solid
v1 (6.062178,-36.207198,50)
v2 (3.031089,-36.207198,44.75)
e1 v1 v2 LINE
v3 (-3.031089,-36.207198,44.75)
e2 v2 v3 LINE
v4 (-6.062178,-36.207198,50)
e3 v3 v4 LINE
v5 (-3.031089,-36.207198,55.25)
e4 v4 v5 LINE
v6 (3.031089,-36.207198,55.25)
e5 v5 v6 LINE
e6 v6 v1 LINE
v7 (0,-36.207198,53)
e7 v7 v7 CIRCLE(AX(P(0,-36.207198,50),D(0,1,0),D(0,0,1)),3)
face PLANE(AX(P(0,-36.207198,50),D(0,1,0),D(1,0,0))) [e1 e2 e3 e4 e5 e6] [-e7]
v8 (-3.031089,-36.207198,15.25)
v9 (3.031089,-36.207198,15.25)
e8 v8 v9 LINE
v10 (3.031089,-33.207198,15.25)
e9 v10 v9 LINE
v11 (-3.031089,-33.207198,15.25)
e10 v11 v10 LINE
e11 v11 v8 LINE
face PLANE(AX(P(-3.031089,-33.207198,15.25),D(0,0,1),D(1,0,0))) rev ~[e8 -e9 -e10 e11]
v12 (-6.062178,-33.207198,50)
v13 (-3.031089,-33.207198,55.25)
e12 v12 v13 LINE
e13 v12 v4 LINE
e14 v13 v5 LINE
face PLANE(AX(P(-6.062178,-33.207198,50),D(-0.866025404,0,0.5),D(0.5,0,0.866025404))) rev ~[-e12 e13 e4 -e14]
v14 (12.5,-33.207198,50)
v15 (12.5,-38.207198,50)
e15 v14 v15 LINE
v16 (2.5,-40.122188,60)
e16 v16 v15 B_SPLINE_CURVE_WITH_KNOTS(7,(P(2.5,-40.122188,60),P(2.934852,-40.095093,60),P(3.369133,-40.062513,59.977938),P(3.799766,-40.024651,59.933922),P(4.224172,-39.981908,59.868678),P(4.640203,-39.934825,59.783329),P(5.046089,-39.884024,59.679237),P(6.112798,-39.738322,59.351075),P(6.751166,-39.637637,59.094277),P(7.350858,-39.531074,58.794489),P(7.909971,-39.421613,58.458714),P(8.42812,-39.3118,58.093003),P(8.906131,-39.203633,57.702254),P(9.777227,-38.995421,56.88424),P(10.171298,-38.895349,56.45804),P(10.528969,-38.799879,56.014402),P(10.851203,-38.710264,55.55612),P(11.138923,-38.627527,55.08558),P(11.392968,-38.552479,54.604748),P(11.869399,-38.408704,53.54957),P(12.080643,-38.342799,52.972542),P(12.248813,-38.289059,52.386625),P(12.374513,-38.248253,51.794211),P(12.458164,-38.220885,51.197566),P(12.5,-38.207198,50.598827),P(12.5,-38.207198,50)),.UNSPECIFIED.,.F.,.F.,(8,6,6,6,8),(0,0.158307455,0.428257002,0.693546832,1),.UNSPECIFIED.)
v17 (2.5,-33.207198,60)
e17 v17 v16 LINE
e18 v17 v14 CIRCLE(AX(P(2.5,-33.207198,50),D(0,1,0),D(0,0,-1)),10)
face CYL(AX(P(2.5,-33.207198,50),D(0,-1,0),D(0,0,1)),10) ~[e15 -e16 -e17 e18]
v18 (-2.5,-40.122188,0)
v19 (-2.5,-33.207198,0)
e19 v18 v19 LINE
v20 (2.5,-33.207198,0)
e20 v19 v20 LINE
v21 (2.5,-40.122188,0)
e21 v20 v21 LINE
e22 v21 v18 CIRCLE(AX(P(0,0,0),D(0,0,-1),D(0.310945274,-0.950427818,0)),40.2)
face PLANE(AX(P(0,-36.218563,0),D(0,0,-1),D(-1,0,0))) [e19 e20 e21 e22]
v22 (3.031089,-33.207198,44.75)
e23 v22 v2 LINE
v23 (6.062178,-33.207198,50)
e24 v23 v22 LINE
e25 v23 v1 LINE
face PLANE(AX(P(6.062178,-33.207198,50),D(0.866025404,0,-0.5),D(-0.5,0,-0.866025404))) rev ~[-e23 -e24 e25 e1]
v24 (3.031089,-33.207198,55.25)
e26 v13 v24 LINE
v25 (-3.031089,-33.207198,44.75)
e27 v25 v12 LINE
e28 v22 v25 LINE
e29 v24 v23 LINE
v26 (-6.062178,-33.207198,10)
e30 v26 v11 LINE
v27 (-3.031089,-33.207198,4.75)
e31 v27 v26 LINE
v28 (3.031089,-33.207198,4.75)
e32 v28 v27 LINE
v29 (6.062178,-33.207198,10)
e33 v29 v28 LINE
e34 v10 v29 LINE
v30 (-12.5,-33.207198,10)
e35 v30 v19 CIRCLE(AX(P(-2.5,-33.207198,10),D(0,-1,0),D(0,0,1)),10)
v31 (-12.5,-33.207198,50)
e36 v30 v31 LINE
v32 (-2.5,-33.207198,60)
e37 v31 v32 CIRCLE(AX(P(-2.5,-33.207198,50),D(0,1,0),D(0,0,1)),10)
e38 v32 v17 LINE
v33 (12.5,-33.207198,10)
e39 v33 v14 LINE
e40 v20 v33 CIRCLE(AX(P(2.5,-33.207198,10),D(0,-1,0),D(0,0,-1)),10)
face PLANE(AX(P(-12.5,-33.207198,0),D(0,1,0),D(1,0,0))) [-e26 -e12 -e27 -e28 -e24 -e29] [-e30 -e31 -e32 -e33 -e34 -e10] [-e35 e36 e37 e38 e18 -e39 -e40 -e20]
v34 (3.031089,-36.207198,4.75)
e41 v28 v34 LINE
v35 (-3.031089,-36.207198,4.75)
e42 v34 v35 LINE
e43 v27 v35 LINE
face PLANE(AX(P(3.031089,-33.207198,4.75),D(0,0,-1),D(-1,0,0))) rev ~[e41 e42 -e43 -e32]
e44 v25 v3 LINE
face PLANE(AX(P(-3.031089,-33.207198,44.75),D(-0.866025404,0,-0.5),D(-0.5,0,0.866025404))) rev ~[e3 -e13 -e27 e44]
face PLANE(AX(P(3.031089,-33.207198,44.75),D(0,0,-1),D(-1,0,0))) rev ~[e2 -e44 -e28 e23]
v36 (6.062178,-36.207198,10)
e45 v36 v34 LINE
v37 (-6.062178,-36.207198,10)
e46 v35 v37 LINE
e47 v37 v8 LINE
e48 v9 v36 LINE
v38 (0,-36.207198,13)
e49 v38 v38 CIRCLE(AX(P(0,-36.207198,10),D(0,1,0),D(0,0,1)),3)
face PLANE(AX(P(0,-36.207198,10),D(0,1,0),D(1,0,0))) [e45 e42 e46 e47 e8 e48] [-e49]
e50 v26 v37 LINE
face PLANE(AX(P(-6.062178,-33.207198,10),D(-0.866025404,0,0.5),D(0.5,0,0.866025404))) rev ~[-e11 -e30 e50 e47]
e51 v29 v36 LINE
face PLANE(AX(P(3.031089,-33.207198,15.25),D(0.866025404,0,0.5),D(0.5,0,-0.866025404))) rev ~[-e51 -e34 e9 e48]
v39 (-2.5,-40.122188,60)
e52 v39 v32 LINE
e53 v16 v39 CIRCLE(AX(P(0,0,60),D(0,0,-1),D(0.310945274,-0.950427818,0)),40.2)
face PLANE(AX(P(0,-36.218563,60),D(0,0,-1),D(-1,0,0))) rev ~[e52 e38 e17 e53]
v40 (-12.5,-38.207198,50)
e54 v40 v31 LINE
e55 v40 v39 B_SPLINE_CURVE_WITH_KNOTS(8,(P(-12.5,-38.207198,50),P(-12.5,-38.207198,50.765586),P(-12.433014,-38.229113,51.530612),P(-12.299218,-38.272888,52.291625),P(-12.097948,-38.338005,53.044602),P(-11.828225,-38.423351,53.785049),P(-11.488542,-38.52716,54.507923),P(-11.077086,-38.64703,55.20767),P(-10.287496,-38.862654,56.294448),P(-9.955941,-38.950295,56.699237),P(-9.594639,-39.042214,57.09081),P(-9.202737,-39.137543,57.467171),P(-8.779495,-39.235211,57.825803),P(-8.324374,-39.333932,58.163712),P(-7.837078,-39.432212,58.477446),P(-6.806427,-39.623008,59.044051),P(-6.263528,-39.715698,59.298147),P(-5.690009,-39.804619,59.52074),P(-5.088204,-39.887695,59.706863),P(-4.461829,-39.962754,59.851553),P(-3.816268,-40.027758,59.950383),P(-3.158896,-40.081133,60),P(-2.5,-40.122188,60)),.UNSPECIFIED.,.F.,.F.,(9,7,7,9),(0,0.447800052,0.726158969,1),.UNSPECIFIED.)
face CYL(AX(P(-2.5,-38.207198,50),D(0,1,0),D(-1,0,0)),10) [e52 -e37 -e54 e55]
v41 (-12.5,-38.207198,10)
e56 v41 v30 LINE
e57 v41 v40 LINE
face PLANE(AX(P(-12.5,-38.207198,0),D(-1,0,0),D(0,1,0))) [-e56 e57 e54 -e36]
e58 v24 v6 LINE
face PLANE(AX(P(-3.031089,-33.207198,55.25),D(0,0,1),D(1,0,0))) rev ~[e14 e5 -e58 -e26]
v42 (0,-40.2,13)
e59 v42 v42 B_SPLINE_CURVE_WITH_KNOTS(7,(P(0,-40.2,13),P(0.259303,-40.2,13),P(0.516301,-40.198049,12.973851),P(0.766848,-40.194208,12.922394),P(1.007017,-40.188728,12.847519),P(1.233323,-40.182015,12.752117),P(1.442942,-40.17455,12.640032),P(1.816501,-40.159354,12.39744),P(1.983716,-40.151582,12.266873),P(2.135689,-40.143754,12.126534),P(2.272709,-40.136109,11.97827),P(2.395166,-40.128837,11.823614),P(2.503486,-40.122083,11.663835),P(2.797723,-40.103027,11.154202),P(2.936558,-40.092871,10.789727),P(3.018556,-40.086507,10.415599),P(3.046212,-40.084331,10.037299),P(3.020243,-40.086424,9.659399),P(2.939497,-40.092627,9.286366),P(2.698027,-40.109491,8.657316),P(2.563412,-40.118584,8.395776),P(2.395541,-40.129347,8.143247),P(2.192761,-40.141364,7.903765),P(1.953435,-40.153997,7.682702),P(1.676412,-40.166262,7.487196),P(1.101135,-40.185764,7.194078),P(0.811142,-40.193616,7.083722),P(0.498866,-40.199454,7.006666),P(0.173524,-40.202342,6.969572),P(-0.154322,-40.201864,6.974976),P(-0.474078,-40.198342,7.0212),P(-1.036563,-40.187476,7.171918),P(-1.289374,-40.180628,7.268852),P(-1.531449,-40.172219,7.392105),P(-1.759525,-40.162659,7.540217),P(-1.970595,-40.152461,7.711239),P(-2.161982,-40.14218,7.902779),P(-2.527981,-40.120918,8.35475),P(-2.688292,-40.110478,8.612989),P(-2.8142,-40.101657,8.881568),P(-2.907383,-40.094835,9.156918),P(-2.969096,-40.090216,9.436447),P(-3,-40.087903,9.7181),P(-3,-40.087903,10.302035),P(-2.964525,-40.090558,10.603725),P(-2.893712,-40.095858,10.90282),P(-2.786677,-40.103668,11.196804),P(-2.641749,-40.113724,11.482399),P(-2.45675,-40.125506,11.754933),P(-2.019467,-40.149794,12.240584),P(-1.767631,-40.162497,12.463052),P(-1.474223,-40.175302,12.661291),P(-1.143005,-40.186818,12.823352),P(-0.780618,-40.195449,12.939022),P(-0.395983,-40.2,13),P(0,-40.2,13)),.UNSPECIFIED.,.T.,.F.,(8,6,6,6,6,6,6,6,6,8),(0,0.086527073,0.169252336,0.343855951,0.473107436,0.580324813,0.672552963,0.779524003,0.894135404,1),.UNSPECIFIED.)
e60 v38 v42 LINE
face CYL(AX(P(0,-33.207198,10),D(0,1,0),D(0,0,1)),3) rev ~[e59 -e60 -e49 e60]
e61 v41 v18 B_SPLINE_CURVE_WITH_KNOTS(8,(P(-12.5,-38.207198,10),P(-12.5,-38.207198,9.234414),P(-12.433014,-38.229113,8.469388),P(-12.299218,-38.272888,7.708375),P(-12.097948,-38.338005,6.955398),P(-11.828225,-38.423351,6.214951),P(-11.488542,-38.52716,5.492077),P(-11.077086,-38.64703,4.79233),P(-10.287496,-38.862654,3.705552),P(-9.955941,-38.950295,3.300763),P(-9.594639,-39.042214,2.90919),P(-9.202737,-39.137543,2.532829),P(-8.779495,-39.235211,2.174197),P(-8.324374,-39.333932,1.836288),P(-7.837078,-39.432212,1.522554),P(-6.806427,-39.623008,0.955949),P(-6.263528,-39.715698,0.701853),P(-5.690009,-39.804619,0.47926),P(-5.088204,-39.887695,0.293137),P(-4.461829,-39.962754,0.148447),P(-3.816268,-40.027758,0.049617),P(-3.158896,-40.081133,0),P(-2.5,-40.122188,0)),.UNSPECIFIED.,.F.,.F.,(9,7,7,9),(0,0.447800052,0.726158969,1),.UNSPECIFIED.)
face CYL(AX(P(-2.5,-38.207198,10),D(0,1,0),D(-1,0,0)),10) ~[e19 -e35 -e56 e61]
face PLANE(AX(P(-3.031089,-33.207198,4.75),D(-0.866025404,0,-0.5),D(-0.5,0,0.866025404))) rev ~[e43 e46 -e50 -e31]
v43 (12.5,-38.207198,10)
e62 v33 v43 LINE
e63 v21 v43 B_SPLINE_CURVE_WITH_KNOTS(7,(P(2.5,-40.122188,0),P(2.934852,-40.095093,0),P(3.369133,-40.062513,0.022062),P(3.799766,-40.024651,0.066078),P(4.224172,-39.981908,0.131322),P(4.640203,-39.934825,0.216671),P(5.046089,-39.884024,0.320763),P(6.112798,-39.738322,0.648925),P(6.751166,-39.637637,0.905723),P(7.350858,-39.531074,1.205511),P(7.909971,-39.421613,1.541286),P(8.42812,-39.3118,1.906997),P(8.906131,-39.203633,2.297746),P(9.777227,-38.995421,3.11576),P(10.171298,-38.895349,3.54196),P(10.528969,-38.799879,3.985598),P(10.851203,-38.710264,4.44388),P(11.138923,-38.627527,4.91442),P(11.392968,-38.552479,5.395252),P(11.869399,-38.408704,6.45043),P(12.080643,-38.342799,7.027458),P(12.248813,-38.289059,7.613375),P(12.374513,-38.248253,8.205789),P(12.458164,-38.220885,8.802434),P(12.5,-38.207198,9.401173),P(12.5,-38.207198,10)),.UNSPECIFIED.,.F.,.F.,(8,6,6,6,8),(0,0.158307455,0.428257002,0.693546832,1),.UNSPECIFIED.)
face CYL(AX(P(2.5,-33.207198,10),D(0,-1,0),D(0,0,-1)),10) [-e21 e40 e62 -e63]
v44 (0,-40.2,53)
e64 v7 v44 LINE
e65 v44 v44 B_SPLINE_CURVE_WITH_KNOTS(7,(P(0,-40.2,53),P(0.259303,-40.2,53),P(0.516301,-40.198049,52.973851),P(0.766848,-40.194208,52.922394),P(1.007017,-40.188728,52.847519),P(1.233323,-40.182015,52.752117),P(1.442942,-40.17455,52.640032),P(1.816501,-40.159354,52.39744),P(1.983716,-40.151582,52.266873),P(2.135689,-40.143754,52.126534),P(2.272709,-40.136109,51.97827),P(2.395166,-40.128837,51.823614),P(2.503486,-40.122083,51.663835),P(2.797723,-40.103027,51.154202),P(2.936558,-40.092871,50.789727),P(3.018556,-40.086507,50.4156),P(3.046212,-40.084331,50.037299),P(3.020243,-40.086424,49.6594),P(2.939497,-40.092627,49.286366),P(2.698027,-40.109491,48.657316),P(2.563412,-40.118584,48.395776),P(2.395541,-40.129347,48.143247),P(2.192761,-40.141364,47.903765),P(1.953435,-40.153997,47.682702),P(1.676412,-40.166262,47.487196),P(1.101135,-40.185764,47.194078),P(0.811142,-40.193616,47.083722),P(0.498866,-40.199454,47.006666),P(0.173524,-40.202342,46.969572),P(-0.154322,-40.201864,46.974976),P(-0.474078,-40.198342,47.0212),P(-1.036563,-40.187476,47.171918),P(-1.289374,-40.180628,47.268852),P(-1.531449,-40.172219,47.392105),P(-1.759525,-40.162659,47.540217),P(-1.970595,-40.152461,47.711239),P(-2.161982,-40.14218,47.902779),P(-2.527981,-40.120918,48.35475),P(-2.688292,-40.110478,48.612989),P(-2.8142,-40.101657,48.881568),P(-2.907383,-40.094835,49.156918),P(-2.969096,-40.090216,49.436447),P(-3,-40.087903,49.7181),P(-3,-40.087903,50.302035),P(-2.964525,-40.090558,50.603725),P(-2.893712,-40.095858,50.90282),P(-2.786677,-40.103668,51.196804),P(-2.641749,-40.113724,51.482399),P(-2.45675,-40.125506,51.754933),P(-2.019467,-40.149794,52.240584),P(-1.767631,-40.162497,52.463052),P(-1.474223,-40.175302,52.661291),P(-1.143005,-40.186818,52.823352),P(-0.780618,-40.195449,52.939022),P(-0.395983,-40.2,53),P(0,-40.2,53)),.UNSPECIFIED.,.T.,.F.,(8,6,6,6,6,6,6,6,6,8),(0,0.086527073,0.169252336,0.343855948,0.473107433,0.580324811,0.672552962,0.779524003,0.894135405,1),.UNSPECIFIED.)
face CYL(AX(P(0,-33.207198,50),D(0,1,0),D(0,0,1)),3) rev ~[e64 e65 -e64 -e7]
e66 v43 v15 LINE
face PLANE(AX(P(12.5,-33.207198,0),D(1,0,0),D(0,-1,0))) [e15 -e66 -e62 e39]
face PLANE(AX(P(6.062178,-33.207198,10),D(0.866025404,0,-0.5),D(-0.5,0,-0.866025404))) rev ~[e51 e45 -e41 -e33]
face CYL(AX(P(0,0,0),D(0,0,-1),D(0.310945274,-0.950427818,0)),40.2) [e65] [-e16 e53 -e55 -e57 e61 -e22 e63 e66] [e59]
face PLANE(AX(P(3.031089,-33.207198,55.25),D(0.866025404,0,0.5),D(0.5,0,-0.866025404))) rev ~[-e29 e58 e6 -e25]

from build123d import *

# Parameters (mm, degrees)
EXTRUDE_1_DEPTH          = 60
CUT_EXTRUDE_1_REACH      = 63.686
CUT_EXTRUDE_1_END_RADIUS = 40.2
SKETCH_2_R               = 3
CUT_EXTRUDE_2_DEPTH      = 3
FILLET_1_R               = 10


with BuildPart() as part:
    # Эскиз1 → Бобышка-Вытянуть1 (new body)
    with BuildSketch(Plane.XY):
        with BuildLine():
            Line((-12.5, -38.207198275), (-12.5, -33.207198275))
            Line((-12.5, -33.207198275), (12.5, -33.207198275))
            Line((12.5, -33.207198275), (12.5, -38.207198275))
            ThreePointArc((12.5, -38.207198275), (0, -40.2), (-12.5, -38.207198275))
        make_face()
    extrude(amount=EXTRUDE_1_DEPTH)

    # Вырез-Вытянуть1: up to this cylinder (the profile starts inside it)
    cut_extrude_1_end = Plane(origin=(0, 0, 30), z_dir=(0, 0, -1)) * Cylinder(CUT_EXTRUDE_1_END_RADIUS, 248.772, mode=Mode.PRIVATE)
    # Эскиз2 → Вырез-Вытянуть1 (cut, up to the surface)
    with BuildSketch(Plane(origin=(0, -33.207198275, 0), x_dir=(1, 0, 0), z_dir=(0, 1, 0)), mode=Mode.PRIVATE) as cut_extrude_1_sk1:
        with Locations(Location((0, -10, 0), (0, 0, 270))):
            Circle(SKETCH_2_R)
    cut_extrude_1_tool1 = extrude(cut_extrude_1_sk1.sketch, amount=-CUT_EXTRUDE_1_REACH, mode=Mode.PRIVATE) & cut_extrude_1_end
    add(cut_extrude_1_tool1.solids().sort_by_distance((0, -33.207198, 10))[0], mode=Mode.SUBTRACT)
    # Эскиз2 → Вырез-Вытянуть1 (cut, up to the surface)
    with BuildSketch(Plane(origin=(0, -33.207198275, 0), x_dir=(1, 0, 0), z_dir=(0, 1, 0)), mode=Mode.PRIVATE) as cut_extrude_1_sk2:
        with Locations(Location((0, -50, 0), (0, 0, 270))):
            Circle(SKETCH_2_R)
    cut_extrude_1_tool2 = extrude(cut_extrude_1_sk2.sketch, amount=-CUT_EXTRUDE_1_REACH, mode=Mode.PRIVATE) & cut_extrude_1_end
    add(cut_extrude_1_tool2.solids().sort_by_distance((0, -33.207198, 50))[0], mode=Mode.SUBTRACT)

    # Эскиз3 → Вырез-Вытянуть2 (cut)
    with BuildSketch(Plane(origin=(0, -33.207198275, 0), x_dir=(1, 0, 0), z_dir=(0, 1, 0))):
        Polygon((3.031088913, -4.75), (-3.031088913, -4.75), (-6.062177826, -10), (-3.031088913, -15.25), (3.031088913, -15.25), (6.062177826, -10), align=None)
        Polygon((3.031088913, -44.75), (-3.031088913, -44.75), (-6.062177826, -50), (-3.031088913, -55.25), (3.031088913, -55.25), (6.062177826, -50), align=None)
    extrude(amount=-CUT_EXTRUDE_2_DEPTH, mode=Mode.SUBTRACT)

    # Скругление1
    fillet_1_edges = [part.edges().sort_by_distance(p)[0] for p in [
        (-12.5, -35.707198275, 60),
        (-12.5, -35.707198275, 0),
        (12.5, -35.707198275, 0),
        (12.5, -35.707198275, 60),
    ]]
    fillet(fillet_1_edges, radius=FILLET_1_R)


solid = part.part
